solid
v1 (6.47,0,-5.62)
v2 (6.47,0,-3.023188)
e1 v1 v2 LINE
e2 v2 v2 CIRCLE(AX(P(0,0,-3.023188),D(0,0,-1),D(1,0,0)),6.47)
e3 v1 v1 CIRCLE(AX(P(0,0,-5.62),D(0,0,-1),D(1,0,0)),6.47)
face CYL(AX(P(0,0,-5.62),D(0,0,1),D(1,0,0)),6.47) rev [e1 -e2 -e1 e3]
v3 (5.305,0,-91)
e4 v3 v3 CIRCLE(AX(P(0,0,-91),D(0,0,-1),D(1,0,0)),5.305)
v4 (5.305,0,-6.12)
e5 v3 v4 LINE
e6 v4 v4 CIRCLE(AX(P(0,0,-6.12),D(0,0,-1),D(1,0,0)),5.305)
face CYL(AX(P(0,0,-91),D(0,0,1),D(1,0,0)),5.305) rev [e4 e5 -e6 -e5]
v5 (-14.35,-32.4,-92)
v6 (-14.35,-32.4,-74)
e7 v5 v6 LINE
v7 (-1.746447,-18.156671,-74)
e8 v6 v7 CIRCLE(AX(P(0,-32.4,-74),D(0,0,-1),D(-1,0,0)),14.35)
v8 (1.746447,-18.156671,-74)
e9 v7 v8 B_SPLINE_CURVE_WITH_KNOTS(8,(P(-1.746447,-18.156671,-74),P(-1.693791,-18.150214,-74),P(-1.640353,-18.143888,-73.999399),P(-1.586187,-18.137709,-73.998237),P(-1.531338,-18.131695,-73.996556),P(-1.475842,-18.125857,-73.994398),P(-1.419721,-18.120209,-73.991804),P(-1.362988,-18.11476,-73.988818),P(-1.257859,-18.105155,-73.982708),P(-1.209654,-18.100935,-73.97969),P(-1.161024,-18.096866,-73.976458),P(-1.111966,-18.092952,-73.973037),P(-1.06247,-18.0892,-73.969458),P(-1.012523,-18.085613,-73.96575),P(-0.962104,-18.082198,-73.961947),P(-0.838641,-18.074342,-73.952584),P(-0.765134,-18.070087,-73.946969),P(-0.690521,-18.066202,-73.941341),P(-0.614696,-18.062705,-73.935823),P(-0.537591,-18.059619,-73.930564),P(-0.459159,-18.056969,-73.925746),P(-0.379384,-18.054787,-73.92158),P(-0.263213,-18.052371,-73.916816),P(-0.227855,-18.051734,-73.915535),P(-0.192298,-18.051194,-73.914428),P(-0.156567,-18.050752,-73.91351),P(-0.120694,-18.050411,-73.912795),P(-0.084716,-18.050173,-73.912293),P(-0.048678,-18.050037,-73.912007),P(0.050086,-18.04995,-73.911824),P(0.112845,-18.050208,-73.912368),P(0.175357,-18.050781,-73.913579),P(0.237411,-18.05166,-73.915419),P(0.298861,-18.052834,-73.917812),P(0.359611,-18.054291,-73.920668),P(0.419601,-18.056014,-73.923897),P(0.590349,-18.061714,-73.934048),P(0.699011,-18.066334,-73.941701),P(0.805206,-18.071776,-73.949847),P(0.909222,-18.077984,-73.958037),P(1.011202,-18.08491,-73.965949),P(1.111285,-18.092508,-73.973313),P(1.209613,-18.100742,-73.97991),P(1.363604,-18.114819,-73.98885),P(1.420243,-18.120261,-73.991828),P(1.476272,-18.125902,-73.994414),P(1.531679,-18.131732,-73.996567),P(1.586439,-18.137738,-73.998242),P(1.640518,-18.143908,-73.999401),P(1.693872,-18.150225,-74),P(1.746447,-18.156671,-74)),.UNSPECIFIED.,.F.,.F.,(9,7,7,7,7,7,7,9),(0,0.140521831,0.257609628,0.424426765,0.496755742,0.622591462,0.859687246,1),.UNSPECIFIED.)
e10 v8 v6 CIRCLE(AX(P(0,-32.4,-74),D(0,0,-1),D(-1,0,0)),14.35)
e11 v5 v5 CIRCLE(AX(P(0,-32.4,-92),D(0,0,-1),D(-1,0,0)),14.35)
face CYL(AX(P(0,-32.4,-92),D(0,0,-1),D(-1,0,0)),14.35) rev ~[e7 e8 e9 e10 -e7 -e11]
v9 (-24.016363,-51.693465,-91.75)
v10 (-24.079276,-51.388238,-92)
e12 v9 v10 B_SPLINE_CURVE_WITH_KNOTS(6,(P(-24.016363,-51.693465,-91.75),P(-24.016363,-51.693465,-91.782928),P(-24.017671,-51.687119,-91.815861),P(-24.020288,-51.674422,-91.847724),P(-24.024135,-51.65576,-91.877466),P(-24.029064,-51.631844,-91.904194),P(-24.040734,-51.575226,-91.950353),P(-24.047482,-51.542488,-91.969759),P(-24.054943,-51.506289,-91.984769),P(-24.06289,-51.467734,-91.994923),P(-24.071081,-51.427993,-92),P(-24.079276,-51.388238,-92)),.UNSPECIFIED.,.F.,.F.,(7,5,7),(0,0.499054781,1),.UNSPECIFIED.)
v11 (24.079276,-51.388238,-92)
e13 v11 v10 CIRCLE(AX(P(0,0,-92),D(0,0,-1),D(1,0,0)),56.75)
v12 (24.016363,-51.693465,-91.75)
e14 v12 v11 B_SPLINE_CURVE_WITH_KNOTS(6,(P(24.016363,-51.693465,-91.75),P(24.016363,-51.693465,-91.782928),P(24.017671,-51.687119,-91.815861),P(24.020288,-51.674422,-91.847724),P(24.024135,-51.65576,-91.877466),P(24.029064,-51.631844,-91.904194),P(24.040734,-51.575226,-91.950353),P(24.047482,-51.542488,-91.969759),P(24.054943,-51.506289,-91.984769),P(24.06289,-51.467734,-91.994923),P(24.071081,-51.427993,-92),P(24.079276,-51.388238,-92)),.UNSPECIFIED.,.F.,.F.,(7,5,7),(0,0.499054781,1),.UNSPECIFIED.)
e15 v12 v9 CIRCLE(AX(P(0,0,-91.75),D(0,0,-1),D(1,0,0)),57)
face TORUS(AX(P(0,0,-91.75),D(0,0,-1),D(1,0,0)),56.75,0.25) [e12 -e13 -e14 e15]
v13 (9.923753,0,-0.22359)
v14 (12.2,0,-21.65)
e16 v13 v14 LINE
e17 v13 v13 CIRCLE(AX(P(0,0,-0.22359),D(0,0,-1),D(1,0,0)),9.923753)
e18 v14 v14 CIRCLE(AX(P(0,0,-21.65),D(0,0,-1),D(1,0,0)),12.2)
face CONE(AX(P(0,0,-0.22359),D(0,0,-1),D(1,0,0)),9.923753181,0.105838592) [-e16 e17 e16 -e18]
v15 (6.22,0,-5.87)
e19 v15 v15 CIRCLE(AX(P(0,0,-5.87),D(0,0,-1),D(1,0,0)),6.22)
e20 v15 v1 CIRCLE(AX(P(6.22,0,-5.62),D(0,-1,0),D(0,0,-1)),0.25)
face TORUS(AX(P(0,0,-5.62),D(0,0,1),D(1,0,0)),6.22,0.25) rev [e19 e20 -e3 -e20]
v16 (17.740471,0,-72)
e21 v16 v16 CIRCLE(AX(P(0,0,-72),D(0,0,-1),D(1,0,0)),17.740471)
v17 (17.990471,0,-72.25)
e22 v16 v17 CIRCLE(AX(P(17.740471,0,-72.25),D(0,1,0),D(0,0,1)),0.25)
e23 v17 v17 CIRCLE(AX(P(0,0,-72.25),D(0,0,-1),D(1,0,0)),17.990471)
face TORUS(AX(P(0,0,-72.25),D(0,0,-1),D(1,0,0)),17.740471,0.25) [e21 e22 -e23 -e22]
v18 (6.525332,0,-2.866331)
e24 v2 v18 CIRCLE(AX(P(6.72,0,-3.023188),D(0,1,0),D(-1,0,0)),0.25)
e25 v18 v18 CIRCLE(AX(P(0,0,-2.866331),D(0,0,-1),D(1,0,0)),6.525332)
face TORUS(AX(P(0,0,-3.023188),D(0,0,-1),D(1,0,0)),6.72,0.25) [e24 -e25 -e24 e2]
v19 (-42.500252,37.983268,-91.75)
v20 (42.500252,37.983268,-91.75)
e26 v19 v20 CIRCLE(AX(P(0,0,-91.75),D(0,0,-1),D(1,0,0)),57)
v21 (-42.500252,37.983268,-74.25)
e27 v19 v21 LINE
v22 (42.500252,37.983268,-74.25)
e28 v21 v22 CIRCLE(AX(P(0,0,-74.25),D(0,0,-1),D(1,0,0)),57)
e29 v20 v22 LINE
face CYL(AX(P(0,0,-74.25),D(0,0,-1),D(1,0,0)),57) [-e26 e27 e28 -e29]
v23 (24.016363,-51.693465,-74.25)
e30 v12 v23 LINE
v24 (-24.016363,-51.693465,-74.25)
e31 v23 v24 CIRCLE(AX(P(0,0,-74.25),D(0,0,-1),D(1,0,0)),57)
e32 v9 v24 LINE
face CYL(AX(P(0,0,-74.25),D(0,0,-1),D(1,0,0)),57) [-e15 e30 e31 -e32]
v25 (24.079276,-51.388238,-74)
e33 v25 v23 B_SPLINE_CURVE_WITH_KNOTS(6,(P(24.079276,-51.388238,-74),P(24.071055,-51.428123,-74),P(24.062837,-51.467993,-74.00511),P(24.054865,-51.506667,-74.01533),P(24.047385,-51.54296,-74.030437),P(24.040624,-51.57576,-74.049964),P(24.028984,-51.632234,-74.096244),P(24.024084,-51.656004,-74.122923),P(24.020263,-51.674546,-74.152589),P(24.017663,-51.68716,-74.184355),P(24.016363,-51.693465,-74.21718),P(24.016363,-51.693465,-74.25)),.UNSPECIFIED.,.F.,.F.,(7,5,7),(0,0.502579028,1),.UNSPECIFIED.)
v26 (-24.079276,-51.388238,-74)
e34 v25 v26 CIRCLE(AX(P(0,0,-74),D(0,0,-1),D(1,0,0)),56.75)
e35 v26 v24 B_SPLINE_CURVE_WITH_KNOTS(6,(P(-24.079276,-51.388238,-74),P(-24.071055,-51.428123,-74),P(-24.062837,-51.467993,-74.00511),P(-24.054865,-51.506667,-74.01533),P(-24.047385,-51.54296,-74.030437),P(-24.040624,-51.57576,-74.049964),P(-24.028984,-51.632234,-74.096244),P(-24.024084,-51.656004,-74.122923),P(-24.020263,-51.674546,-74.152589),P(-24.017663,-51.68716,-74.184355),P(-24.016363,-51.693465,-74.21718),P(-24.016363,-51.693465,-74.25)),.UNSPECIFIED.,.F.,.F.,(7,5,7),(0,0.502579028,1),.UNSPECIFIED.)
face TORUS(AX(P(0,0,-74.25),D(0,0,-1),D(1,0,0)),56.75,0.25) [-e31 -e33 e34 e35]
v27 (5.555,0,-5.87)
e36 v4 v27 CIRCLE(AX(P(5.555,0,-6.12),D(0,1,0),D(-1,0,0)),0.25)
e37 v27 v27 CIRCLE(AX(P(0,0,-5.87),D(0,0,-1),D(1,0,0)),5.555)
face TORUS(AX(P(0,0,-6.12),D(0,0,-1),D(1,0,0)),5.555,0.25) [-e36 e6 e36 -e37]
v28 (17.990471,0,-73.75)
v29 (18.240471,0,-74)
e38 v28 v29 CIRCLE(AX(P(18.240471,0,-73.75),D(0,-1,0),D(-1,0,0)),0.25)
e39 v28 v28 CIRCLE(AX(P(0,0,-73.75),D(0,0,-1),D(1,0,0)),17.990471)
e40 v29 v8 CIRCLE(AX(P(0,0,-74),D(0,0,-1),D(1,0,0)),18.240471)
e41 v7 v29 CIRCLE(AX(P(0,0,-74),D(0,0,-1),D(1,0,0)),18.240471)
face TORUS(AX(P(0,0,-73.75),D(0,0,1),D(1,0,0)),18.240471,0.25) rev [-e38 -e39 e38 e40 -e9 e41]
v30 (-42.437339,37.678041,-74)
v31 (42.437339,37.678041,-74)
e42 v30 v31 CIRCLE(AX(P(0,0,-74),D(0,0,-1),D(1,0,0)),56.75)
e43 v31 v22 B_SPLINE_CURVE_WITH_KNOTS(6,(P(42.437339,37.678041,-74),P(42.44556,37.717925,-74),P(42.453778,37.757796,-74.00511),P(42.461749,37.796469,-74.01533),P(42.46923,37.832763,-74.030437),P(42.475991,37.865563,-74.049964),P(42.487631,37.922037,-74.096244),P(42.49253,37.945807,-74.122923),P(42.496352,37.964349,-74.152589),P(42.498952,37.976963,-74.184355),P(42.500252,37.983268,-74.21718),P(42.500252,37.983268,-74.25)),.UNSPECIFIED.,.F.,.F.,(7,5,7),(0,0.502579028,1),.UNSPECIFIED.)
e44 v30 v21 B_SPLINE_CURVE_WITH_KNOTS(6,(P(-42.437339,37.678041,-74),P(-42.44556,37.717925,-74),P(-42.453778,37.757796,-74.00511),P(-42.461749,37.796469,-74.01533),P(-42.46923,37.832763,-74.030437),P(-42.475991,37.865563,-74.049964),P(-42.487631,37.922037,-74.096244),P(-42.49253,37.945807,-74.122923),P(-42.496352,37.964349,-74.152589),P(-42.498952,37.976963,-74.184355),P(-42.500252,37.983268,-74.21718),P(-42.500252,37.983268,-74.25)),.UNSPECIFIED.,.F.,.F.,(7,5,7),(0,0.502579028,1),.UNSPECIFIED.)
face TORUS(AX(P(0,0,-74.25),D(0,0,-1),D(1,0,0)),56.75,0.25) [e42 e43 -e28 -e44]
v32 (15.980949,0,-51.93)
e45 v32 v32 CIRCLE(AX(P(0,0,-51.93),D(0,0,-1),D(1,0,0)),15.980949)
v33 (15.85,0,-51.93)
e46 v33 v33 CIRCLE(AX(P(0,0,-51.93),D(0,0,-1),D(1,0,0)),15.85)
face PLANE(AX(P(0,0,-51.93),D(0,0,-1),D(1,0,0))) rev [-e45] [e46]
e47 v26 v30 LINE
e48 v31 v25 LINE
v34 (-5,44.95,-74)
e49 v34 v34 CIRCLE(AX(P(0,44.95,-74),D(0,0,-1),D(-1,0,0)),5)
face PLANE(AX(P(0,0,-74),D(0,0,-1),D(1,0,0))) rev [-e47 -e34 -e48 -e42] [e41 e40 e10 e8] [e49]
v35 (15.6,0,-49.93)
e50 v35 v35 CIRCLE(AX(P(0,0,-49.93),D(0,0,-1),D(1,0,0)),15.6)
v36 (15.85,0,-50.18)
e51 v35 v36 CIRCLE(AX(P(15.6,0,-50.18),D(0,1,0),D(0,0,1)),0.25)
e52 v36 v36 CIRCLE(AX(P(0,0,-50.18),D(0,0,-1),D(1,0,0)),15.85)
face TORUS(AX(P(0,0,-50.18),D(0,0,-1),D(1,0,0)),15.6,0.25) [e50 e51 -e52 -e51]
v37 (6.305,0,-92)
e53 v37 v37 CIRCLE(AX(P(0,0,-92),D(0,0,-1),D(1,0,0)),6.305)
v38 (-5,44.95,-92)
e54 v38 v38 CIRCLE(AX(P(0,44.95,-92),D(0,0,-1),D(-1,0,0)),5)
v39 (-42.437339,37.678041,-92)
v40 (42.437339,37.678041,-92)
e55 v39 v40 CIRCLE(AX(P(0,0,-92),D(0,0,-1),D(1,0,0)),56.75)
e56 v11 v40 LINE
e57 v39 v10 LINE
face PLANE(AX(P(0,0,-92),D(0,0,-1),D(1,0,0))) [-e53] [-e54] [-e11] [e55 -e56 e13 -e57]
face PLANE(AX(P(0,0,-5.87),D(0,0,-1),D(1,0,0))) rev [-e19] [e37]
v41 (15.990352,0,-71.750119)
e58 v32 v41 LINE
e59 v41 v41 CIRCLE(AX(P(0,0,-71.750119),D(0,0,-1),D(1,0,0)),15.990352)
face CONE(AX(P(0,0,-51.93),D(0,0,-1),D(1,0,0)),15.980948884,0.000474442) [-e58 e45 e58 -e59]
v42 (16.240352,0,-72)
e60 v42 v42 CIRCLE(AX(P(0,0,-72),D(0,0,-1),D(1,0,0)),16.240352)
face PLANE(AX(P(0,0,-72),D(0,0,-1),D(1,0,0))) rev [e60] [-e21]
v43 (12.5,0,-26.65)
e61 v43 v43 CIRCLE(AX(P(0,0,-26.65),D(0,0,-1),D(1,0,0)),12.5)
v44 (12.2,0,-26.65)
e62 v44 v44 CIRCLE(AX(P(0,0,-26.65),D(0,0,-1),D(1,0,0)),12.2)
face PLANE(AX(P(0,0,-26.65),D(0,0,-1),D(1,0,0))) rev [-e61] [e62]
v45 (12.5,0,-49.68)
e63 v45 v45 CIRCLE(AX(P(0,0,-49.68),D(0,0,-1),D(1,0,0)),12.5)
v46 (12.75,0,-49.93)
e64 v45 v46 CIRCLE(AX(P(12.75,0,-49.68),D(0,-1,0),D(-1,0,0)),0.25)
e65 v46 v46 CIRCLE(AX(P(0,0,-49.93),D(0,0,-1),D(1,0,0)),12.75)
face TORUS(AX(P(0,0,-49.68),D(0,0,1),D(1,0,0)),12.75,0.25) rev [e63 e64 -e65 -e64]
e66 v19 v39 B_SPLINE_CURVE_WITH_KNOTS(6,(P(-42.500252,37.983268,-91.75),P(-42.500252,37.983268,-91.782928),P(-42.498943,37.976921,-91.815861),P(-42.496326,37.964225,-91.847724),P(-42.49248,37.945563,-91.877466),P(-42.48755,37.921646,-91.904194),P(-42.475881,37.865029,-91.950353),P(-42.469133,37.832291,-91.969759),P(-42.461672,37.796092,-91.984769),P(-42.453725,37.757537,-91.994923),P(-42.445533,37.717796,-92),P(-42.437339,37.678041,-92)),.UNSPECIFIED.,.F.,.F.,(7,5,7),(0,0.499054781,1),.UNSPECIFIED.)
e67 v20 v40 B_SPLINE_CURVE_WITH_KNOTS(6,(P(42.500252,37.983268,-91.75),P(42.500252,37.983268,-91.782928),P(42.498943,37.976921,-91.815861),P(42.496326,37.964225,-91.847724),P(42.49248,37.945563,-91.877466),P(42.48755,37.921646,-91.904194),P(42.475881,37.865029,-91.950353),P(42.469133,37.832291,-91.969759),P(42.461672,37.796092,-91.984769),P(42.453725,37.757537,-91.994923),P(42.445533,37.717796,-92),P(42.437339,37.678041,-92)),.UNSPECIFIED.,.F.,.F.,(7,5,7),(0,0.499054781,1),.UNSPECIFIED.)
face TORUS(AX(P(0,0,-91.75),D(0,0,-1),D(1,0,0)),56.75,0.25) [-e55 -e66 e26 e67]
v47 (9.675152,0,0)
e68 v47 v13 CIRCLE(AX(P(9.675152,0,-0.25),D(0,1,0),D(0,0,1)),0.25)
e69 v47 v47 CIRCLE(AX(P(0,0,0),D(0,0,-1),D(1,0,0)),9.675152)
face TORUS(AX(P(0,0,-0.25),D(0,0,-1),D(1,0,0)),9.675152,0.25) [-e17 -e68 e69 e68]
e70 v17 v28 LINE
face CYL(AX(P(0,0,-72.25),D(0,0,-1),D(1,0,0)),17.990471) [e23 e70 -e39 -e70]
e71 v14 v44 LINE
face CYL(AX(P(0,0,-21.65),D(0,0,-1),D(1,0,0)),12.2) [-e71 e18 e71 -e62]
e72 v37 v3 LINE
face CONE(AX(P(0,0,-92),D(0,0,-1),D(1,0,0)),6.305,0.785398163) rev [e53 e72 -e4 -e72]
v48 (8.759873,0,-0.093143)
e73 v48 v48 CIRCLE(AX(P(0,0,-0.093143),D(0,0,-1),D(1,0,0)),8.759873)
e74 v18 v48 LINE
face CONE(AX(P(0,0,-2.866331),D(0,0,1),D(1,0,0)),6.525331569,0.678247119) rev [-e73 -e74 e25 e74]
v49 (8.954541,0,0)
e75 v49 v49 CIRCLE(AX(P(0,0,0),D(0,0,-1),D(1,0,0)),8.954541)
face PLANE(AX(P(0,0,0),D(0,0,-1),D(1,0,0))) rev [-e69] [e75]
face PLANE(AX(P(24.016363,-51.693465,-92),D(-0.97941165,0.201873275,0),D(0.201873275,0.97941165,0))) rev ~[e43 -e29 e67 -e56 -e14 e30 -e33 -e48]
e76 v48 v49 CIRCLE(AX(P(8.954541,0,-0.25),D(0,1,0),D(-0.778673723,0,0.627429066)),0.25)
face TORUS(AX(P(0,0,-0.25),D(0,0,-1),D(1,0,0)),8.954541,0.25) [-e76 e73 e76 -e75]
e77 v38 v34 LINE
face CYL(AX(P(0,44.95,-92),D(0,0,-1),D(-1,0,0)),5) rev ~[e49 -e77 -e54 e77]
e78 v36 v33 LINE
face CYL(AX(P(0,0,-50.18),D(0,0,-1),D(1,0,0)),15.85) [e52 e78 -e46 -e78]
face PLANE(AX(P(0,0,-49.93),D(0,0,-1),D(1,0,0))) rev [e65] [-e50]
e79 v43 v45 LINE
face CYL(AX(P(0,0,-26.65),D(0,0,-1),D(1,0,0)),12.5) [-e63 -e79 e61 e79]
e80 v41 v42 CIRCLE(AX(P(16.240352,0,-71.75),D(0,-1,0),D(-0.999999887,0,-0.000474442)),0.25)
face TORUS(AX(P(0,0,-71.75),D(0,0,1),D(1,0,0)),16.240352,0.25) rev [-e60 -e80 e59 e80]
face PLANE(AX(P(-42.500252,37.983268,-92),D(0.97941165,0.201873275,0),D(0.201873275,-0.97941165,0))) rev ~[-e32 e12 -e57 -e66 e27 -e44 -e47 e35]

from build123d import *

# Parameters (mm, degrees)
SKETCH2_OUTSIDE_W   = 153.124
SKETCH2_OUTSIDE_H   = 153.124
SKETCH2_OUTSIDE_R   = 14.350000000000007
SKETCH2_OUTSIDE_R_2 = 4.999999999999991
CUT_EXTRUDE1_DEPTH  = 30


with BuildPart() as part:
    # Sketch1 → Revolve1 (revolve)
    with BuildSketch(Plane(origin=(0, 0, 0), x_dir=(0, 0, -1), z_dir=(1, 0, 0)), mode=Mode.PRIVATE) as revolve1_sk:
        with BuildLine():
            Line((92, 6.305), (91.00000000000003, 5.305000000000007))
            Line((91.00000000000003, 5.305000000000007), (6.120000000000002, 5.305))
            ThreePointArc((6.120000000000002, 5.305), (5.943223304703364, 5.378223304703363), (5.87, 5.5550000000000015))
            Line((5.87, 5.5550000000000015), (5.87, 6.219999999999998))
            ThreePointArc((5.87, 6.219999999999998), (5.796776695296637, 6.396776695296636), (5.619999999999998, 6.47))
            Line((5.619999999999998, 6.47), (3.0231877685493473, 6.47))
            ThreePointArc((3.0231877685493473, 6.47), (2.9400225945826715, 6.484238353757248), (2.8663305019537604, 6.5253315692872595))
            Line((2.8663305019537604, 6.5253315692872595), (0.09314273340441587, 8.75987289444363))
            ThreePointArc((0.09314273340441587, 8.75987289444363), (0.02448468272765195, 8.846639324824814), (3.7e-16, 8.954541325156374))
            Line((3.7e-16, 8.954541325156374), (4.2e-16, 9.675152100147892))
            ThreePointArc((4.2e-16, 9.675152100147892), (0.0641202416662966, 9.842330793293295), (0.22358972353443296, 9.923753180791186))
            Line((0.22358972353443296, 9.923753180791186), (21.650000000000002, 12.2))
            Line((21.650000000000002, 12.2), (26.65, 12.2))
            Line((26.65, 12.2), (26.65, 12.5))
            Line((26.65, 12.5), (49.68, 12.5))
            ThreePointArc((49.68, 12.5), (49.85677669529664, 12.573223304703363), (49.93, 12.750000000000002))
            Line((49.93, 12.750000000000002), (49.93, 15.599999999999998))
            ThreePointArc((49.93, 15.599999999999998), (50.00322330470336, 15.776776695296636), (50.18, 15.85))
            Line((50.18, 15.85), (51.93000000000001, 15.85))
            Line((51.93000000000001, 15.85), (51.93000000000001, 15.98094888416447))
            Line((51.93000000000001, 15.98094888416447), (71.7501186105072, 15.990352382508174))
            ThreePointArc((71.7501186105072, 15.990352382508174), (71.92681862547084, 16.063617599196743), (72, 16.240352354371268))
            Line((72, 16.240352354371268), (72, 17.740470936754917))
            ThreePointArc((72, 17.740470936754917), (72.07322330470336, 17.917247632051556), (72.25, 17.990470936754917))
            Line((72.25, 17.990470936754917), (73.75, 17.990470936754917))
            ThreePointArc((73.75, 17.990470936754917), (73.92677669529664, 18.06369424145828), (74, 18.240470936754917))
            Line((74, 18.240470936754917), (74, 56.75))
            ThreePointArc((74, 56.75), (74.07322330470336, 56.92677669529664), (74.25, 57))
            Line((74.25, 57), (91.75, 57))
            ThreePointArc((91.75, 57), (91.92677669529664, 56.92677669529664), (92, 56.75))
            Line((92, 56.75), (92, 6.305))
        make_face()
    revolve(revolve1_sk.sketch.rotate(Axis((0, 0, 0), (0, 0, -1)), 90), axis=Axis((0, 0, 0), (0, 0, -1)))

    # Sketch2 outside → Cut-Extrude1 (cut)
    # profile 1 of 3: a face of its own
    with BuildSketch(Plane(origin=(0, 0, -92), x_dir=(-1, 0, 0), z_dir=(0, 0, -1))):
        Rectangle(SKETCH2_OUTSIDE_W, SKETCH2_OUTSIDE_H)
        with BuildLine():
            Line((42.50025155362119, 37.98326760402424), (24.016363121908466, -51.693464793885056))
            ThreePointArc((24.016363121908466, -51.693464793885056), (3.49e-15, -56.999999999999986), (-24.016363121908466, -51.693464793885056))
            Line((-24.016363121908466, -51.693464793885056), (-42.50025155362119, 37.98326760402424))
            ThreePointArc((-42.50025155362119, 37.98326760402424), (3.49e-15, 56.99999999999998), (42.50025155362119, 37.98326760402424))
        make_face(mode=Mode.SUBTRACT)
    # profile 2 of 3: a face of its own
    with BuildSketch(Plane(origin=(0, 0, -92), x_dir=(-1, 0, 0), z_dir=(0, 0, -1))):
        with Locations((0, -32.4)):
            Circle(SKETCH2_OUTSIDE_R)
    # profile 3 of 3: a face of its own
    with BuildSketch(Plane(origin=(0, 0, -92), x_dir=(-1, 0, 0), z_dir=(0, 0, -1))):
        with Locations((0, 44.95)):
            Circle(SKETCH2_OUTSIDE_R_2)
    extrude(amount=-CUT_EXTRUDE1_DEPTH, mode=Mode.SUBTRACT)


solid = part.part
